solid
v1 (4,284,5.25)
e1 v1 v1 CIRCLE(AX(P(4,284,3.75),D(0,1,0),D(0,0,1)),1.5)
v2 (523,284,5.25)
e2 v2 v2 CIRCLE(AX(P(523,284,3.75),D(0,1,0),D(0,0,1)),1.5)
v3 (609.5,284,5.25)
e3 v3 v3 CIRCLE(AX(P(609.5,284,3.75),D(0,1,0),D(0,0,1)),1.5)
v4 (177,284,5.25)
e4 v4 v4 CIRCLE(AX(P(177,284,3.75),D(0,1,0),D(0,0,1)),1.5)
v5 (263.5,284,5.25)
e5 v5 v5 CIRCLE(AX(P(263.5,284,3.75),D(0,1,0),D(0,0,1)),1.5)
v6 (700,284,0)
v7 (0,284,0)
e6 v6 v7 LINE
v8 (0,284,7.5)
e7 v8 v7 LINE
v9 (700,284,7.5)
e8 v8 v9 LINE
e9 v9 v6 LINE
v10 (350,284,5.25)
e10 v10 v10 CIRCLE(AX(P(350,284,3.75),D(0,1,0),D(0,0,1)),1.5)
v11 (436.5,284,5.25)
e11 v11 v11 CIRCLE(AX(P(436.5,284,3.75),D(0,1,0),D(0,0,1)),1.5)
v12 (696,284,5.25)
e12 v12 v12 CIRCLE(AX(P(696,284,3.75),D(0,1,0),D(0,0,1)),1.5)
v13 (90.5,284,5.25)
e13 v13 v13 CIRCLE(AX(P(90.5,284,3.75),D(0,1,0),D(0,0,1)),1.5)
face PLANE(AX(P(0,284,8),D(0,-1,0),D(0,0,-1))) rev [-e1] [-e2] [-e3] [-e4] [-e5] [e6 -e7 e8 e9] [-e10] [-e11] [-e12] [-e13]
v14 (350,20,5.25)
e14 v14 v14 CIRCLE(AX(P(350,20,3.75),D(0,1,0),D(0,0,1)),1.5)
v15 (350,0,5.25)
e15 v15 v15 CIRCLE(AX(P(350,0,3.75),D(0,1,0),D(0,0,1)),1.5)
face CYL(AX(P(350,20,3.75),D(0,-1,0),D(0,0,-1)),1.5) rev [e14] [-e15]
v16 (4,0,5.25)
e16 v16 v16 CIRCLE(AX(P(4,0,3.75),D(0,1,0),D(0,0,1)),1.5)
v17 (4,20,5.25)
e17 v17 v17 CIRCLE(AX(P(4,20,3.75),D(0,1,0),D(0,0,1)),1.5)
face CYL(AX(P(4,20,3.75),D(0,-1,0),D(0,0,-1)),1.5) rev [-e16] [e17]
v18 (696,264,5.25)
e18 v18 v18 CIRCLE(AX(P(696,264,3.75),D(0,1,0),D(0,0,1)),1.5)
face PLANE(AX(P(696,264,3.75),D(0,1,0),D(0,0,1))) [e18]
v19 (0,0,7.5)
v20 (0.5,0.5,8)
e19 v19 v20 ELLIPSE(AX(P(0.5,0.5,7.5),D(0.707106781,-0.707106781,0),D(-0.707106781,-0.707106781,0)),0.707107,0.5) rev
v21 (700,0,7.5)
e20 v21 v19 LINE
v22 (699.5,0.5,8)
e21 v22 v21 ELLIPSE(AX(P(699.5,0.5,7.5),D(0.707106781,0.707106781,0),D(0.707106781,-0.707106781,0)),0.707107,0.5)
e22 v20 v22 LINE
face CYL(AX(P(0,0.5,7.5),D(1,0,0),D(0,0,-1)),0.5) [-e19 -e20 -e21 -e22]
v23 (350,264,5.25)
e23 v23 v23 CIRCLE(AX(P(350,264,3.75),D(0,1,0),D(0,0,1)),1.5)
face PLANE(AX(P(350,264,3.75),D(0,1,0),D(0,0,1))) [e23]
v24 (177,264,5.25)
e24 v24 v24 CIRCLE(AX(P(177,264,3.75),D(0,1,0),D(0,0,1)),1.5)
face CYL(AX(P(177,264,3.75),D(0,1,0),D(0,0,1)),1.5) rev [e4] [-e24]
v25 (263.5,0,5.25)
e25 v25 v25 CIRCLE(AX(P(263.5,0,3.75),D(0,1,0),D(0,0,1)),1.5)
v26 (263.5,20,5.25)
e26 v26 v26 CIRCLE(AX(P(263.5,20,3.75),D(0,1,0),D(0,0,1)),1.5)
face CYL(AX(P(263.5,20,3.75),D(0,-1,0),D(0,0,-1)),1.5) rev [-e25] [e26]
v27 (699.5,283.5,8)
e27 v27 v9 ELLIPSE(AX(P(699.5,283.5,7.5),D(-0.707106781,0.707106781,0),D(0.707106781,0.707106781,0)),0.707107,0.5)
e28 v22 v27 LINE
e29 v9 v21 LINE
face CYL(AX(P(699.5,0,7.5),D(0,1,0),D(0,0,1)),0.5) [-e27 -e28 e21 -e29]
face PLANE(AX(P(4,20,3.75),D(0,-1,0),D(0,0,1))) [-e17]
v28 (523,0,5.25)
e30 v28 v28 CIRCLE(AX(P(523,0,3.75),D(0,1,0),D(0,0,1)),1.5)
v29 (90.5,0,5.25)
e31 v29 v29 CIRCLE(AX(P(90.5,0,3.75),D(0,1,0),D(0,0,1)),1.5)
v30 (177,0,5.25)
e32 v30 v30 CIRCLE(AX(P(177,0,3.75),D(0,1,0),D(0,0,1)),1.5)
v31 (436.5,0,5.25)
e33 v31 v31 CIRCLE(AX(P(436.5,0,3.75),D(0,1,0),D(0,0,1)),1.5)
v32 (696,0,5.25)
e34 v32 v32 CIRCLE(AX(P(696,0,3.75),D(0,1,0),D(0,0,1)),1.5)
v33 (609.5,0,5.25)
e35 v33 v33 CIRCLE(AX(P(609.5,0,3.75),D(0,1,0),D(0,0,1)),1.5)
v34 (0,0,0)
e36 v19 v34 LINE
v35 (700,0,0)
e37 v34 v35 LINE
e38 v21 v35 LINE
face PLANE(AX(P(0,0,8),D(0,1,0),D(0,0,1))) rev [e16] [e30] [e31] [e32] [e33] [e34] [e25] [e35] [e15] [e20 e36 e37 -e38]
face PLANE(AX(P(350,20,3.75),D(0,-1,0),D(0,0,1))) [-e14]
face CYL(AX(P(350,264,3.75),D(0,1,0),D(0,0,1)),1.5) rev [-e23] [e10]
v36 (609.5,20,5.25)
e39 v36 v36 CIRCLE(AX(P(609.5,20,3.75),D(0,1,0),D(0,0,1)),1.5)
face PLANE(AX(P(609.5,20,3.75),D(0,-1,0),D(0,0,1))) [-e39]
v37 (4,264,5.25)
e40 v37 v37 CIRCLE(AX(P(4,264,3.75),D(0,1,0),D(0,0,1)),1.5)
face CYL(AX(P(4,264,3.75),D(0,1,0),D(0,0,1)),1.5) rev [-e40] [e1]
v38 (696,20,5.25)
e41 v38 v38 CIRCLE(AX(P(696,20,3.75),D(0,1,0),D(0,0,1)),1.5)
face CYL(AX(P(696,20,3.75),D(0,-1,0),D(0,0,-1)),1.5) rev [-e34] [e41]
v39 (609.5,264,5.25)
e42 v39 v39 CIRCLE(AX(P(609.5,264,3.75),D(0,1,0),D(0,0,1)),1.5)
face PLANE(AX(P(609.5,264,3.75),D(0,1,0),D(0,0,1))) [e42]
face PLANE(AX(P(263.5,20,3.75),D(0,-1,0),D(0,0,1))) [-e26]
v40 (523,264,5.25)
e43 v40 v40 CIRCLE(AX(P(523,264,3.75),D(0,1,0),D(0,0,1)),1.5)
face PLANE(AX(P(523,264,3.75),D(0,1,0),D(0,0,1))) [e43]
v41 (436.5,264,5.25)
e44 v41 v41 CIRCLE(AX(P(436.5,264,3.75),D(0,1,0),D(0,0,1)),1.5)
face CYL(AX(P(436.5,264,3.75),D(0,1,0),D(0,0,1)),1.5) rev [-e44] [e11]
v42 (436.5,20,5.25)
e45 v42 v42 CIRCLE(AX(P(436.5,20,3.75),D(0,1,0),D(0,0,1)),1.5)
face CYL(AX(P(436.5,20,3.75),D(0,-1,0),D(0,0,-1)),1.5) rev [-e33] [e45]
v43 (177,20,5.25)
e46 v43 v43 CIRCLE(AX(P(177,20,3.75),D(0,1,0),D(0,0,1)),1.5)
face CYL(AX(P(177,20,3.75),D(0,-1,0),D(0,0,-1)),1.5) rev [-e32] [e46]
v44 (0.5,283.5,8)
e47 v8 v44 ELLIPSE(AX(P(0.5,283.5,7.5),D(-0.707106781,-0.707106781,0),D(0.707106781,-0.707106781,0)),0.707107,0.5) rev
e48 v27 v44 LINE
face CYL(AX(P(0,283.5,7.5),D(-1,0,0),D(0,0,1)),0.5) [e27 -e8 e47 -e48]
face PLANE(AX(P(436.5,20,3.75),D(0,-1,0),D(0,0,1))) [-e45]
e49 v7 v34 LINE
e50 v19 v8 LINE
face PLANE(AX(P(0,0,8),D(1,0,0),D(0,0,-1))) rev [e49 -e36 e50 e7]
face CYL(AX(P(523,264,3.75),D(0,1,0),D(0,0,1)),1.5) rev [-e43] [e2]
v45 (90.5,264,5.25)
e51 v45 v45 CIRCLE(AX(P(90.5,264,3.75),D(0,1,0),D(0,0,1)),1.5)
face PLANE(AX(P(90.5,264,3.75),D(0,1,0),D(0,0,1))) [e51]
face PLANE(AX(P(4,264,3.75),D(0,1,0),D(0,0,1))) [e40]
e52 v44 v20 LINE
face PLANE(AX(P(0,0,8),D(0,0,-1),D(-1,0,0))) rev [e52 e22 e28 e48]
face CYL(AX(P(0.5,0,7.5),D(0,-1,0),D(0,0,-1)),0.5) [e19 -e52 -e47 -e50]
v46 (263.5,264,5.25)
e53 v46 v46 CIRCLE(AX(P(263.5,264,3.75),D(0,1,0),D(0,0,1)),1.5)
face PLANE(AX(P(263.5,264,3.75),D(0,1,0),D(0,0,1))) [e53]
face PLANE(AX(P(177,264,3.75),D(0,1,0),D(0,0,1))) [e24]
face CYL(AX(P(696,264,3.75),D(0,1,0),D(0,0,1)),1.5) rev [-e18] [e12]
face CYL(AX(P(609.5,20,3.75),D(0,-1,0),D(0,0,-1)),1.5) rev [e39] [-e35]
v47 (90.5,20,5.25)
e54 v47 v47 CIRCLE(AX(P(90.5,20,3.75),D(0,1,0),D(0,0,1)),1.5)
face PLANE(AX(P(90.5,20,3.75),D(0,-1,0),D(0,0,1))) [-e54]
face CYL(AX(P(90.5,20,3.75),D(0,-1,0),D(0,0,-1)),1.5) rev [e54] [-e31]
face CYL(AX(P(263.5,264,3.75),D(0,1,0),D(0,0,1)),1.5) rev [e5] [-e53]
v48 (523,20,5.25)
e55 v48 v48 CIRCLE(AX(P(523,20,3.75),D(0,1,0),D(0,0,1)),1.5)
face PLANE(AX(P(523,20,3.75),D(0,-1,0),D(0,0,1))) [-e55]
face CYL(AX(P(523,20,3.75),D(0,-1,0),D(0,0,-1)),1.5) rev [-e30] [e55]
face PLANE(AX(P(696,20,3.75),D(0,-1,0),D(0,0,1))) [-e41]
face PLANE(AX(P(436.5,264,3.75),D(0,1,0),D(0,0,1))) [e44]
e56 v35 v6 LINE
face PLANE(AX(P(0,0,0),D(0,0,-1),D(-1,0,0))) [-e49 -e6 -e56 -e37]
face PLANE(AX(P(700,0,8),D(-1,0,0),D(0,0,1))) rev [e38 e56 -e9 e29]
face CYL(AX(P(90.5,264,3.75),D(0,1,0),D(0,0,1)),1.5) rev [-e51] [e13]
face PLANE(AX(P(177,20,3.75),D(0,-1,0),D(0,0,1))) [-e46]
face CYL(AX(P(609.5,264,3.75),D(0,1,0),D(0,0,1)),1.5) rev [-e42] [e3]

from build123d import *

# Parameters (mm, degrees)
SKETCH1_W               = 700
SKETCH1_H               = 284
BOSS_EXTRUDE1_DEPTH     = 8
FILLET1_R               = 0.5
SKETCH8_R               = 1.5
CUT_EXTRUDE6_DEPTH      = 20
LPATTERN4_COUNT         = 9
LPATTERN4_PITCH         = 86.5
MIRROR1_COPY_1_SKETCH_R = 1.5
MIRROR1_COPY_1_DEPTH    = 20
MIRROR1_COPY_2_SKETCH_R = 1.5
MIRROR1_COPY_2_DEPTH    = 20
MIRROR1_COPY_3_SKETCH_R = 1.5
MIRROR1_COPY_3_DEPTH    = 20
MIRROR1_COPY_4_SKETCH_R = 1.5
MIRROR1_COPY_4_DEPTH    = 20
MIRROR1_COPY_5_SKETCH_R = 1.5
MIRROR1_COPY_5_DEPTH    = 20
MIRROR1_COPY_6_SKETCH_R = 1.5
MIRROR1_COPY_6_DEPTH    = 20
MIRROR1_COPY_7_SKETCH_R = 1.5
MIRROR1_COPY_7_DEPTH    = 20
MIRROR1_COPY_8_SKETCH_R = 1.5
MIRROR1_COPY_8_DEPTH    = 20


with BuildPart() as part:
    # Sketch1 → Boss-Extrude1 (new body)
    with BuildSketch(Plane.XY):
        with Locations((350, 142)):
            Rectangle(SKETCH1_W, SKETCH1_H)
    extrude(amount=BOSS_EXTRUDE1_DEPTH)

    # Fillet1
    fillet1_edges = [part.edges().sort_by_distance(p)[0] for p in [
        (700, 142, 8),
        (350, 284, 8),
        (0, 142, 8),
        (350, 0, 8),
    ]]
    fillet(fillet1_edges, radius=FILLET1_R)

    # Sketch8 → Cut-Extrude6 (cut)
    with BuildSketch(Plane(origin=(0, 284, 0), x_dir=(1, 0, 0), z_dir=(0, 1, 0))):
        with Locations((4, -3.75)):
            Circle(SKETCH8_R)
    cut_extrude6 = extrude(amount=-CUT_EXTRUDE6_DEPTH, mode=Mode.SUBTRACT)

    # LPattern4: Cut-Extrude6 ×9
    with Locations(*[(i * LPATTERN4_PITCH, 0, 0) for i in range(1, LPATTERN4_COUNT)]):
        add(cut_extrude6, mode=Mode.SUBTRACT)

    # Mirror1: Cut-Extrude6 across plane
    add(cut_extrude6.mirror(Plane.ZX.offset(142)), mode=Mode.SUBTRACT)

    # Mirror1 copy 1 sketch → Mirror1 copy 1 (cut)
    with BuildSketch(Plane(origin=(86.5, 0, 0), x_dir=(1, 0, 0), z_dir=(0, -1, 0))):
        with Locations((4, 3.75)):
            Circle(MIRROR1_COPY_1_SKETCH_R)
    extrude(amount=-MIRROR1_COPY_1_DEPTH, mode=Mode.SUBTRACT)

    # Mirror1 copy 2 sketch → Mirror1 copy 2 (cut)
    with BuildSketch(Plane(origin=(173, 0, 0), x_dir=(1, 0, 0), z_dir=(0, -1, 0))):
        with Locations((4, 3.75)):
            Circle(MIRROR1_COPY_2_SKETCH_R)
    extrude(amount=-MIRROR1_COPY_2_DEPTH, mode=Mode.SUBTRACT)

    # Mirror1 copy 3 sketch → Mirror1 copy 3 (cut)
    with BuildSketch(Plane(origin=(259.5, 0, 0), x_dir=(1, 0, 0), z_dir=(0, -1, 0))):
        with Locations((4, 3.75)):
            Circle(MIRROR1_COPY_3_SKETCH_R)
    extrude(amount=-MIRROR1_COPY_3_DEPTH, mode=Mode.SUBTRACT)

    # Mirror1 copy 4 sketch → Mirror1 copy 4 (cut)
    with BuildSketch(Plane(origin=(346, 0, 0), x_dir=(1, 0, 0), z_dir=(0, -1, 0))):
        with Locations((4, 3.75)):
            Circle(MIRROR1_COPY_4_SKETCH_R)
    extrude(amount=-MIRROR1_COPY_4_DEPTH, mode=Mode.SUBTRACT)

    # Mirror1 copy 5 sketch → Mirror1 copy 5 (cut)
    with BuildSketch(Plane(origin=(432.5, 0, 0), x_dir=(1, 0, 0), z_dir=(0, -1, 0))):
        with Locations((4, 3.75)):
            Circle(MIRROR1_COPY_5_SKETCH_R)
    extrude(amount=-MIRROR1_COPY_5_DEPTH, mode=Mode.SUBTRACT)

    # Mirror1 copy 6 sketch → Mirror1 copy 6 (cut)
    with BuildSketch(Plane(origin=(519, 0, 0), x_dir=(1, 0, 0), z_dir=(0, -1, 0))):
        with Locations((4, 3.75)):
            Circle(MIRROR1_COPY_6_SKETCH_R)
    extrude(amount=-MIRROR1_COPY_6_DEPTH, mode=Mode.SUBTRACT)

    # Mirror1 copy 7 sketch → Mirror1 copy 7 (cut)
    with BuildSketch(Plane(origin=(605.5, 0, 0), x_dir=(1, 0, 0), z_dir=(0, -1, 0))):
        with Locations((4, 3.75)):
            Circle(MIRROR1_COPY_7_SKETCH_R)
    extrude(amount=-MIRROR1_COPY_7_DEPTH, mode=Mode.SUBTRACT)

    # Mirror1 copy 8 sketch → Mirror1 copy 8 (cut)
    with BuildSketch(Plane(origin=(692, 0, 0), x_dir=(1, 0, 0), z_dir=(0, -1, 0))):
        with Locations((4, 3.75)):
            Circle(MIRROR1_COPY_8_SKETCH_R)
    extrude(amount=-MIRROR1_COPY_8_DEPTH, mode=Mode.SUBTRACT)


solid = part.part
